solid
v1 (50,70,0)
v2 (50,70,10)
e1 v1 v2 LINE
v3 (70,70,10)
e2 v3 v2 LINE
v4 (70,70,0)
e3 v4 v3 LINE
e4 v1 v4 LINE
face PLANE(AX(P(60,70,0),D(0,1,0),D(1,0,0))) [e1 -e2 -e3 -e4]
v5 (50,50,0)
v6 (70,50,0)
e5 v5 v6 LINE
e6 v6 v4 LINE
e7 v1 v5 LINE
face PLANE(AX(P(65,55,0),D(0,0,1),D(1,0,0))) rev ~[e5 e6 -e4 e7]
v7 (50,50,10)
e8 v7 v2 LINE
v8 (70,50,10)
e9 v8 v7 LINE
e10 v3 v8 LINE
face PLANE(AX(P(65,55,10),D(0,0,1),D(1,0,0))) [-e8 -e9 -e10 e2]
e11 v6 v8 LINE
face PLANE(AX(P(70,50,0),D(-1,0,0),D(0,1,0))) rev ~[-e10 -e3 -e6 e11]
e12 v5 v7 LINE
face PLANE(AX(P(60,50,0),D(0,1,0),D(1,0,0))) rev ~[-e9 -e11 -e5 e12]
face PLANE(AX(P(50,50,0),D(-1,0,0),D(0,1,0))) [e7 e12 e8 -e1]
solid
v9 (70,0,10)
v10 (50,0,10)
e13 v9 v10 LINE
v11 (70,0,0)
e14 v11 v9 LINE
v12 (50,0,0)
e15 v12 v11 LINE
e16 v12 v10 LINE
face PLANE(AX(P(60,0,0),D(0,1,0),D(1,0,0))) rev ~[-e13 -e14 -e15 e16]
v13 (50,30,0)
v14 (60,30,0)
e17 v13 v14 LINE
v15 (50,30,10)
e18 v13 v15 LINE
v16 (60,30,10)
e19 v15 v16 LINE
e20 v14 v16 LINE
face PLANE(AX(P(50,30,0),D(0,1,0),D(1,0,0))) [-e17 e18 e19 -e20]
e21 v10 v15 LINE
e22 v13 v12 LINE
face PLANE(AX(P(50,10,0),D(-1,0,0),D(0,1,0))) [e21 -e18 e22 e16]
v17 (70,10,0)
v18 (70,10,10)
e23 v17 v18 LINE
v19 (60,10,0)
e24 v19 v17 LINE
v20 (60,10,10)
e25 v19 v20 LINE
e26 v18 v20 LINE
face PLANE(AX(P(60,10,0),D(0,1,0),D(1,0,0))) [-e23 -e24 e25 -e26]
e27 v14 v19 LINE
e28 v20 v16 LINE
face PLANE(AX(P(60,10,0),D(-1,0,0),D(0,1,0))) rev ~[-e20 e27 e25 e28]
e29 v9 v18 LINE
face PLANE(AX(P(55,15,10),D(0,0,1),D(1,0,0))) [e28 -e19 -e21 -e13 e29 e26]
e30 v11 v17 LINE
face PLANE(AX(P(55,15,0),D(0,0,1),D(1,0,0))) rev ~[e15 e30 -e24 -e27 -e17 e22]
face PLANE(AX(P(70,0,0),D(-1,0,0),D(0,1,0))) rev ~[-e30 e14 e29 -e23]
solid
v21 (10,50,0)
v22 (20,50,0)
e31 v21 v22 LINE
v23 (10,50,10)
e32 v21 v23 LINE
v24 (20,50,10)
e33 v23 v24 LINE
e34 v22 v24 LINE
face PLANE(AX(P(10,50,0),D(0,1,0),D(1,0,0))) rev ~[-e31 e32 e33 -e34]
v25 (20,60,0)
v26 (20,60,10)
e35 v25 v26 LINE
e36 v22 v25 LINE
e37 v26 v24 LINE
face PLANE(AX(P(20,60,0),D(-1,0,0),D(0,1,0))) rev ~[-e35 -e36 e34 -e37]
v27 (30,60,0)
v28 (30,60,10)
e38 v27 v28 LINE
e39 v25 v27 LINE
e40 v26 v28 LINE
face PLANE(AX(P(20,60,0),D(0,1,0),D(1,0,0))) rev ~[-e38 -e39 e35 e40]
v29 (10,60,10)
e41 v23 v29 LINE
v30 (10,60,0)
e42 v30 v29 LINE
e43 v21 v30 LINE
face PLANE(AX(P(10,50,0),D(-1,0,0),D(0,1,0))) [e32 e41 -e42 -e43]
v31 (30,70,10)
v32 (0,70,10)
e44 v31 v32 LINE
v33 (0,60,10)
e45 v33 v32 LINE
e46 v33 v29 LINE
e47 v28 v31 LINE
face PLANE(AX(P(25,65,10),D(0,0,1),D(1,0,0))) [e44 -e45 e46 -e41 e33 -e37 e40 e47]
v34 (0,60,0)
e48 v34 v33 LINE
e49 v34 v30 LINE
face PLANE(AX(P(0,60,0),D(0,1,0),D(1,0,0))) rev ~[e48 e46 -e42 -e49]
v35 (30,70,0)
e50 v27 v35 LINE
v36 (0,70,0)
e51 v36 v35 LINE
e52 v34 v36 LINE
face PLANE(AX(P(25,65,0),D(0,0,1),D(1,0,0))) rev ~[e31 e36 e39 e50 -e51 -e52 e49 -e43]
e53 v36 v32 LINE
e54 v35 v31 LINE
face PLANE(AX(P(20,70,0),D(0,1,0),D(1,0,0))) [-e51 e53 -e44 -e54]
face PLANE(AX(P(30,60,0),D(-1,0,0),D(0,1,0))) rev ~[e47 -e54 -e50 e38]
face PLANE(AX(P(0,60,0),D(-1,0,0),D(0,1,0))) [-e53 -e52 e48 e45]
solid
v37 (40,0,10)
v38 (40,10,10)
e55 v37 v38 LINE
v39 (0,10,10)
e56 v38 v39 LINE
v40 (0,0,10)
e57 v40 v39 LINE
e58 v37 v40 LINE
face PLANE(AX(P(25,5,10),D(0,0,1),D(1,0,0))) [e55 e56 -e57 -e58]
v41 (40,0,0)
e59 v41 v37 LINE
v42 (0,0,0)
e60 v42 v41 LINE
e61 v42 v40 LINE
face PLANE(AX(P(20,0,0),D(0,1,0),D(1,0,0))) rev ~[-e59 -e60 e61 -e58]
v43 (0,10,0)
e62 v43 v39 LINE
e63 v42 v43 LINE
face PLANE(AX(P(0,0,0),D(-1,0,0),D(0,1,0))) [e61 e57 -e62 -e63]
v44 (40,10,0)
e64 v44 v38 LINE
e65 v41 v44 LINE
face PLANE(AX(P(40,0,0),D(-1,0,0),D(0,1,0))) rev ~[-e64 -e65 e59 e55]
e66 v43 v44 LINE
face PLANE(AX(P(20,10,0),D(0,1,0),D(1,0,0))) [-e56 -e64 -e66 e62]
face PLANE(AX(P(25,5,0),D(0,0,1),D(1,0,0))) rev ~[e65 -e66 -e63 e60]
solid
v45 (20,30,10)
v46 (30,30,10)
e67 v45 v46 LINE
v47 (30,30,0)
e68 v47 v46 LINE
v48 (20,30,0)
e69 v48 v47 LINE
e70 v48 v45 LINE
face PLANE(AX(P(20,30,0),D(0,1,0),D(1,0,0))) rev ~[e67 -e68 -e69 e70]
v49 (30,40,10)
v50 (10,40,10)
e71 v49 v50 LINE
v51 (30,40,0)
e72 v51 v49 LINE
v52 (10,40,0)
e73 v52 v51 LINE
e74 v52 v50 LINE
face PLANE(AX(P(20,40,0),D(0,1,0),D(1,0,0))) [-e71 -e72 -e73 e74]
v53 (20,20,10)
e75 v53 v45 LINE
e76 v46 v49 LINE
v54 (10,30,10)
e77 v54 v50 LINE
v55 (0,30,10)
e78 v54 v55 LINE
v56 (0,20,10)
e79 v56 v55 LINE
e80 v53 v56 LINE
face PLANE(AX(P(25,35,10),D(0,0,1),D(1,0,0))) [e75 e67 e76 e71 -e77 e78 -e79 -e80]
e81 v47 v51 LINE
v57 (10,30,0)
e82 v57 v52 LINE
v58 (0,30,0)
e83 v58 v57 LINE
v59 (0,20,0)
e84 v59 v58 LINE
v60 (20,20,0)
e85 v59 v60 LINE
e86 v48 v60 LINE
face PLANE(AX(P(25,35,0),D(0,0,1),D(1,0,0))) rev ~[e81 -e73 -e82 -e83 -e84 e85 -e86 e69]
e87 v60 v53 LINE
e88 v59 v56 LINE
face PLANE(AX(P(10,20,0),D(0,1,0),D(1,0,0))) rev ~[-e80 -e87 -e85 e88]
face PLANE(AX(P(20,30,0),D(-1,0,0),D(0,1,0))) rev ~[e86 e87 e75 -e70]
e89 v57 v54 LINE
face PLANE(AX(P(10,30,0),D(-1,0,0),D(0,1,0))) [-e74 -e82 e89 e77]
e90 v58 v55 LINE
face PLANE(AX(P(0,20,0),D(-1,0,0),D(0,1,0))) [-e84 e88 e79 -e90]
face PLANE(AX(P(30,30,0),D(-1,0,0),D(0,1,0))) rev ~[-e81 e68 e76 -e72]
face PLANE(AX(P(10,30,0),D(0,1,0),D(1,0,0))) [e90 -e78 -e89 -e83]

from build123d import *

# Parameters (mm, degrees)
BOX_W        = 10
BOX_H        = 10
BOX_DEPTH    = 10
BOX001_W     = 10
BOX001_H     = 10
BOX001_DEPTH = 10
BOX002_W     = 10
BOX002_H     = 10
BOX002_DEPTH = 10
BOX003_W     = 10
BOX003_H     = 10
BOX003_DEPTH = 10
BOX004_W     = 10
BOX004_H     = 10
BOX004_DEPTH = 10
BOX005_W     = 10
BOX005_H     = 10
BOX005_DEPTH = 10
BOX006_W     = 10
BOX006_H     = 10
BOX006_DEPTH = 10
BOX007_W     = 10
BOX007_H     = 10
BOX007_DEPTH = 10
BOX009_W     = 10
BOX009_H     = 10
BOX009_DEPTH = 10
BOX010_W     = 10
BOX010_H     = 10
BOX010_DEPTH = 10
BOX011_W     = 10
BOX011_H     = 10
BOX011_DEPTH = 10
BOX008_W     = 10
BOX008_H     = 10
BOX008_DEPTH = 10
BOX013_W     = 10
BOX013_H     = 10
BOX013_DEPTH = 10
BOX014_W     = 10
BOX014_H     = 10
BOX014_DEPTH = 10
BOX015_W     = 10
BOX015_H     = 10
BOX015_DEPTH = 10
BOX012_W     = 10
BOX012_H     = 10
BOX012_DEPTH = 10
BOX017_W     = 10
BOX017_H     = 10
BOX017_DEPTH = 10
BOX018_W     = 10
BOX018_H     = 10
BOX018_DEPTH = 10
BOX019_W     = 10
BOX019_H     = 10
BOX019_DEPTH = 10
BOX016_W     = 10
BOX016_H     = 10
BOX016_DEPTH = 10


with BuildPart() as cube:
    # Box → Box (new body)
    with BuildSketch(Plane.XY):
        with Locations((5, 5)):
            Rectangle(BOX_W, BOX_H)
    extrude(amount=BOX_DEPTH)


with BuildPart() as cube001:
    # Box001 → Box001 (new body)
    with BuildSketch(Plane(origin=(10, 0, 0), x_dir=(1, 0, 0), z_dir=(0, 0, 1))):
        with Locations((5, 5)):
            Rectangle(BOX001_W, BOX001_H)
    extrude(amount=BOX001_DEPTH)


with BuildPart() as cube002:
    # Box002 → Box002 (new body)
    with BuildSketch(Plane(origin=(20, 0, 0), x_dir=(1, 0, 0), z_dir=(0, 0, 1))):
        with Locations((5, 5)):
            Rectangle(BOX002_W, BOX002_H)
    extrude(amount=BOX002_DEPTH)


with BuildPart() as vermell:
    # Box003 → Box003 (new body)
    with BuildSketch(Plane(origin=(30, 0, 0), x_dir=(1, 0, 0), z_dir=(0, 0, 1))):
        with Locations((5, 5)):
            Rectangle(BOX003_W, BOX003_H)
    extrude(amount=BOX003_DEPTH)

    # Fusion: union Cube, Cube001, Cube002
    add(cube.part)
    add(cube001.part)
    add(cube002.part)


with BuildPart() as cube004:
    # Box004 → Box004 (new body)
    with BuildSketch(Plane(origin=(50, 0, 0), x_dir=(1, 0, 0), z_dir=(0, 0, 1))):
        with Locations((5, 5)):
            Rectangle(BOX004_W, BOX004_H)
    extrude(amount=BOX004_DEPTH)


with BuildPart() as cube005:
    # Box005 → Box005 (new body)
    with BuildSketch(Plane(origin=(60, 0, 0), x_dir=(1, 0, 0), z_dir=(0, 0, 1))):
        with Locations((5, 5)):
            Rectangle(BOX005_W, BOX005_H)
    extrude(amount=BOX005_DEPTH)


with BuildPart() as cube006:
    # Box006 → Box006 (new body)
    with BuildSketch(Plane(origin=(50, 10, 0), x_dir=(1, 0, 0), z_dir=(0, 0, 1))):
        with Locations((5, 5)):
            Rectangle(BOX006_W, BOX006_H)
    extrude(amount=BOX006_DEPTH)


with BuildPart() as groc:
    # Box007 → Box007 (new body)
    with BuildSketch(Plane(origin=(50, 20, 0), x_dir=(1, 0, 0), z_dir=(0, 0, 1))):
        with Locations((5, 5)):
            Rectangle(BOX007_W, BOX007_H)
    extrude(amount=BOX007_DEPTH)

    # Fusion001: union Cube004, Cube005, Cube006
    add(cube004.part)
    add(cube005.part)
    add(cube006.part)


with BuildPart() as cube009:
    # Box009 → Box009 (new body)
    with BuildSketch(Plane(origin=(10, 20, 0), x_dir=(1, 0, 0), z_dir=(0, 0, 1))):
        with Locations((5, 5)):
            Rectangle(BOX009_W, BOX009_H)
    extrude(amount=BOX009_DEPTH)


with BuildPart() as cube010:
    # Box010 → Box010 (new body)
    with BuildSketch(Plane(origin=(10, 30, 0), x_dir=(1, 0, 0), z_dir=(0, 0, 1))):
        with Locations((5, 5)):
            Rectangle(BOX010_W, BOX010_H)
    extrude(amount=BOX010_DEPTH)


with BuildPart() as cube011:
    # Box011 → Box011 (new body)
    with BuildSketch(Plane(origin=(20, 30, 0), x_dir=(1, 0, 0), z_dir=(0, 0, 1))):
        with Locations((5, 5)):
            Rectangle(BOX011_W, BOX011_H)
    extrude(amount=BOX011_DEPTH)


with BuildPart() as blau:
    # Box008 → Box008 (new body)
    with BuildSketch(Plane(origin=(0, 20, 0), x_dir=(1, 0, 0), z_dir=(0, 0, 1))):
        with Locations((5, 5)):
            Rectangle(BOX008_W, BOX008_H)
    extrude(amount=BOX008_DEPTH)

    # Fusion002: union Cube009, Cube010, Cube011
    add(cube009.part)
    add(cube010.part)
    add(cube011.part)


with BuildPart() as cube013:
    # Box013 → Box013 (new body)
    with BuildSketch(Plane(origin=(0, 60, 0), x_dir=(1, 0, 0), z_dir=(0, 0, 1))):
        with Locations((5, 5)):
            Rectangle(BOX013_W, BOX013_H)
    extrude(amount=BOX013_DEPTH)


with BuildPart() as cube014:
    # Box014 → Box014 (new body)
    with BuildSketch(Plane(origin=(10, 60, 0), x_dir=(1, 0, 0), z_dir=(0, 0, 1))):
        with Locations((5, 5)):
            Rectangle(BOX014_W, BOX014_H)
    extrude(amount=BOX014_DEPTH)


with BuildPart() as cube015:
    # Box015 → Box015 (new body)
    with BuildSketch(Plane(origin=(20, 60, 0), x_dir=(1, 0, 0), z_dir=(0, 0, 1))):
        with Locations((5, 5)):
            Rectangle(BOX015_W, BOX015_H)
    extrude(amount=BOX015_DEPTH)


with BuildPart() as gris:
    # Box012 → Box012 (new body)
    with BuildSketch(Plane(origin=(10, 50, 0), x_dir=(1, 0, 0), z_dir=(0, 0, 1))):
        with Locations((5, 5)):
            Rectangle(BOX012_W, BOX012_H)
    extrude(amount=BOX012_DEPTH)

    # Fusion003: union Cube013, Cube014, Cube015
    add(cube013.part)
    add(cube014.part)
    add(cube015.part)


with BuildPart() as cube017:
    # Box017 → Box017 (new body)
    with BuildSketch(Plane(origin=(50, 50, 0), x_dir=(1, 0, 0), z_dir=(0, 0, 1))):
        with Locations((5, 5)):
            Rectangle(BOX017_W, BOX017_H)
    extrude(amount=BOX017_DEPTH)


with BuildPart() as cube018:
    # Box018 → Box018 (new body)
    with BuildSketch(Plane(origin=(60, 60, 0), x_dir=(1, 0, 0), z_dir=(0, 0, 1))):
        with Locations((5, 5)):
            Rectangle(BOX018_W, BOX018_H)
    extrude(amount=BOX018_DEPTH)


with BuildPart() as cube019:
    # Box019 → Box019 (new body)
    with BuildSketch(Plane(origin=(60, 50, 0), x_dir=(1, 0, 0), z_dir=(0, 0, 1))):
        with Locations((5, 5)):
            Rectangle(BOX019_W, BOX019_H)
    extrude(amount=BOX019_DEPTH)


with BuildPart() as blau_cel:
    # Box016 → Box016 (new body)
    with BuildSketch(Plane(origin=(50, 60, 0), x_dir=(1, 0, 0), z_dir=(0, 0, 1))):
        with Locations((5, 5)):
            Rectangle(BOX016_W, BOX016_H)
    extrude(amount=BOX016_DEPTH)

    # Fusion004: union Cube017, Cube018, Cube019
    add(cube017.part)
    add(cube018.part)
    add(cube019.part)


solid = Compound([vermell.part, groc.part, blau.part, gris.part, blau_cel.part])
